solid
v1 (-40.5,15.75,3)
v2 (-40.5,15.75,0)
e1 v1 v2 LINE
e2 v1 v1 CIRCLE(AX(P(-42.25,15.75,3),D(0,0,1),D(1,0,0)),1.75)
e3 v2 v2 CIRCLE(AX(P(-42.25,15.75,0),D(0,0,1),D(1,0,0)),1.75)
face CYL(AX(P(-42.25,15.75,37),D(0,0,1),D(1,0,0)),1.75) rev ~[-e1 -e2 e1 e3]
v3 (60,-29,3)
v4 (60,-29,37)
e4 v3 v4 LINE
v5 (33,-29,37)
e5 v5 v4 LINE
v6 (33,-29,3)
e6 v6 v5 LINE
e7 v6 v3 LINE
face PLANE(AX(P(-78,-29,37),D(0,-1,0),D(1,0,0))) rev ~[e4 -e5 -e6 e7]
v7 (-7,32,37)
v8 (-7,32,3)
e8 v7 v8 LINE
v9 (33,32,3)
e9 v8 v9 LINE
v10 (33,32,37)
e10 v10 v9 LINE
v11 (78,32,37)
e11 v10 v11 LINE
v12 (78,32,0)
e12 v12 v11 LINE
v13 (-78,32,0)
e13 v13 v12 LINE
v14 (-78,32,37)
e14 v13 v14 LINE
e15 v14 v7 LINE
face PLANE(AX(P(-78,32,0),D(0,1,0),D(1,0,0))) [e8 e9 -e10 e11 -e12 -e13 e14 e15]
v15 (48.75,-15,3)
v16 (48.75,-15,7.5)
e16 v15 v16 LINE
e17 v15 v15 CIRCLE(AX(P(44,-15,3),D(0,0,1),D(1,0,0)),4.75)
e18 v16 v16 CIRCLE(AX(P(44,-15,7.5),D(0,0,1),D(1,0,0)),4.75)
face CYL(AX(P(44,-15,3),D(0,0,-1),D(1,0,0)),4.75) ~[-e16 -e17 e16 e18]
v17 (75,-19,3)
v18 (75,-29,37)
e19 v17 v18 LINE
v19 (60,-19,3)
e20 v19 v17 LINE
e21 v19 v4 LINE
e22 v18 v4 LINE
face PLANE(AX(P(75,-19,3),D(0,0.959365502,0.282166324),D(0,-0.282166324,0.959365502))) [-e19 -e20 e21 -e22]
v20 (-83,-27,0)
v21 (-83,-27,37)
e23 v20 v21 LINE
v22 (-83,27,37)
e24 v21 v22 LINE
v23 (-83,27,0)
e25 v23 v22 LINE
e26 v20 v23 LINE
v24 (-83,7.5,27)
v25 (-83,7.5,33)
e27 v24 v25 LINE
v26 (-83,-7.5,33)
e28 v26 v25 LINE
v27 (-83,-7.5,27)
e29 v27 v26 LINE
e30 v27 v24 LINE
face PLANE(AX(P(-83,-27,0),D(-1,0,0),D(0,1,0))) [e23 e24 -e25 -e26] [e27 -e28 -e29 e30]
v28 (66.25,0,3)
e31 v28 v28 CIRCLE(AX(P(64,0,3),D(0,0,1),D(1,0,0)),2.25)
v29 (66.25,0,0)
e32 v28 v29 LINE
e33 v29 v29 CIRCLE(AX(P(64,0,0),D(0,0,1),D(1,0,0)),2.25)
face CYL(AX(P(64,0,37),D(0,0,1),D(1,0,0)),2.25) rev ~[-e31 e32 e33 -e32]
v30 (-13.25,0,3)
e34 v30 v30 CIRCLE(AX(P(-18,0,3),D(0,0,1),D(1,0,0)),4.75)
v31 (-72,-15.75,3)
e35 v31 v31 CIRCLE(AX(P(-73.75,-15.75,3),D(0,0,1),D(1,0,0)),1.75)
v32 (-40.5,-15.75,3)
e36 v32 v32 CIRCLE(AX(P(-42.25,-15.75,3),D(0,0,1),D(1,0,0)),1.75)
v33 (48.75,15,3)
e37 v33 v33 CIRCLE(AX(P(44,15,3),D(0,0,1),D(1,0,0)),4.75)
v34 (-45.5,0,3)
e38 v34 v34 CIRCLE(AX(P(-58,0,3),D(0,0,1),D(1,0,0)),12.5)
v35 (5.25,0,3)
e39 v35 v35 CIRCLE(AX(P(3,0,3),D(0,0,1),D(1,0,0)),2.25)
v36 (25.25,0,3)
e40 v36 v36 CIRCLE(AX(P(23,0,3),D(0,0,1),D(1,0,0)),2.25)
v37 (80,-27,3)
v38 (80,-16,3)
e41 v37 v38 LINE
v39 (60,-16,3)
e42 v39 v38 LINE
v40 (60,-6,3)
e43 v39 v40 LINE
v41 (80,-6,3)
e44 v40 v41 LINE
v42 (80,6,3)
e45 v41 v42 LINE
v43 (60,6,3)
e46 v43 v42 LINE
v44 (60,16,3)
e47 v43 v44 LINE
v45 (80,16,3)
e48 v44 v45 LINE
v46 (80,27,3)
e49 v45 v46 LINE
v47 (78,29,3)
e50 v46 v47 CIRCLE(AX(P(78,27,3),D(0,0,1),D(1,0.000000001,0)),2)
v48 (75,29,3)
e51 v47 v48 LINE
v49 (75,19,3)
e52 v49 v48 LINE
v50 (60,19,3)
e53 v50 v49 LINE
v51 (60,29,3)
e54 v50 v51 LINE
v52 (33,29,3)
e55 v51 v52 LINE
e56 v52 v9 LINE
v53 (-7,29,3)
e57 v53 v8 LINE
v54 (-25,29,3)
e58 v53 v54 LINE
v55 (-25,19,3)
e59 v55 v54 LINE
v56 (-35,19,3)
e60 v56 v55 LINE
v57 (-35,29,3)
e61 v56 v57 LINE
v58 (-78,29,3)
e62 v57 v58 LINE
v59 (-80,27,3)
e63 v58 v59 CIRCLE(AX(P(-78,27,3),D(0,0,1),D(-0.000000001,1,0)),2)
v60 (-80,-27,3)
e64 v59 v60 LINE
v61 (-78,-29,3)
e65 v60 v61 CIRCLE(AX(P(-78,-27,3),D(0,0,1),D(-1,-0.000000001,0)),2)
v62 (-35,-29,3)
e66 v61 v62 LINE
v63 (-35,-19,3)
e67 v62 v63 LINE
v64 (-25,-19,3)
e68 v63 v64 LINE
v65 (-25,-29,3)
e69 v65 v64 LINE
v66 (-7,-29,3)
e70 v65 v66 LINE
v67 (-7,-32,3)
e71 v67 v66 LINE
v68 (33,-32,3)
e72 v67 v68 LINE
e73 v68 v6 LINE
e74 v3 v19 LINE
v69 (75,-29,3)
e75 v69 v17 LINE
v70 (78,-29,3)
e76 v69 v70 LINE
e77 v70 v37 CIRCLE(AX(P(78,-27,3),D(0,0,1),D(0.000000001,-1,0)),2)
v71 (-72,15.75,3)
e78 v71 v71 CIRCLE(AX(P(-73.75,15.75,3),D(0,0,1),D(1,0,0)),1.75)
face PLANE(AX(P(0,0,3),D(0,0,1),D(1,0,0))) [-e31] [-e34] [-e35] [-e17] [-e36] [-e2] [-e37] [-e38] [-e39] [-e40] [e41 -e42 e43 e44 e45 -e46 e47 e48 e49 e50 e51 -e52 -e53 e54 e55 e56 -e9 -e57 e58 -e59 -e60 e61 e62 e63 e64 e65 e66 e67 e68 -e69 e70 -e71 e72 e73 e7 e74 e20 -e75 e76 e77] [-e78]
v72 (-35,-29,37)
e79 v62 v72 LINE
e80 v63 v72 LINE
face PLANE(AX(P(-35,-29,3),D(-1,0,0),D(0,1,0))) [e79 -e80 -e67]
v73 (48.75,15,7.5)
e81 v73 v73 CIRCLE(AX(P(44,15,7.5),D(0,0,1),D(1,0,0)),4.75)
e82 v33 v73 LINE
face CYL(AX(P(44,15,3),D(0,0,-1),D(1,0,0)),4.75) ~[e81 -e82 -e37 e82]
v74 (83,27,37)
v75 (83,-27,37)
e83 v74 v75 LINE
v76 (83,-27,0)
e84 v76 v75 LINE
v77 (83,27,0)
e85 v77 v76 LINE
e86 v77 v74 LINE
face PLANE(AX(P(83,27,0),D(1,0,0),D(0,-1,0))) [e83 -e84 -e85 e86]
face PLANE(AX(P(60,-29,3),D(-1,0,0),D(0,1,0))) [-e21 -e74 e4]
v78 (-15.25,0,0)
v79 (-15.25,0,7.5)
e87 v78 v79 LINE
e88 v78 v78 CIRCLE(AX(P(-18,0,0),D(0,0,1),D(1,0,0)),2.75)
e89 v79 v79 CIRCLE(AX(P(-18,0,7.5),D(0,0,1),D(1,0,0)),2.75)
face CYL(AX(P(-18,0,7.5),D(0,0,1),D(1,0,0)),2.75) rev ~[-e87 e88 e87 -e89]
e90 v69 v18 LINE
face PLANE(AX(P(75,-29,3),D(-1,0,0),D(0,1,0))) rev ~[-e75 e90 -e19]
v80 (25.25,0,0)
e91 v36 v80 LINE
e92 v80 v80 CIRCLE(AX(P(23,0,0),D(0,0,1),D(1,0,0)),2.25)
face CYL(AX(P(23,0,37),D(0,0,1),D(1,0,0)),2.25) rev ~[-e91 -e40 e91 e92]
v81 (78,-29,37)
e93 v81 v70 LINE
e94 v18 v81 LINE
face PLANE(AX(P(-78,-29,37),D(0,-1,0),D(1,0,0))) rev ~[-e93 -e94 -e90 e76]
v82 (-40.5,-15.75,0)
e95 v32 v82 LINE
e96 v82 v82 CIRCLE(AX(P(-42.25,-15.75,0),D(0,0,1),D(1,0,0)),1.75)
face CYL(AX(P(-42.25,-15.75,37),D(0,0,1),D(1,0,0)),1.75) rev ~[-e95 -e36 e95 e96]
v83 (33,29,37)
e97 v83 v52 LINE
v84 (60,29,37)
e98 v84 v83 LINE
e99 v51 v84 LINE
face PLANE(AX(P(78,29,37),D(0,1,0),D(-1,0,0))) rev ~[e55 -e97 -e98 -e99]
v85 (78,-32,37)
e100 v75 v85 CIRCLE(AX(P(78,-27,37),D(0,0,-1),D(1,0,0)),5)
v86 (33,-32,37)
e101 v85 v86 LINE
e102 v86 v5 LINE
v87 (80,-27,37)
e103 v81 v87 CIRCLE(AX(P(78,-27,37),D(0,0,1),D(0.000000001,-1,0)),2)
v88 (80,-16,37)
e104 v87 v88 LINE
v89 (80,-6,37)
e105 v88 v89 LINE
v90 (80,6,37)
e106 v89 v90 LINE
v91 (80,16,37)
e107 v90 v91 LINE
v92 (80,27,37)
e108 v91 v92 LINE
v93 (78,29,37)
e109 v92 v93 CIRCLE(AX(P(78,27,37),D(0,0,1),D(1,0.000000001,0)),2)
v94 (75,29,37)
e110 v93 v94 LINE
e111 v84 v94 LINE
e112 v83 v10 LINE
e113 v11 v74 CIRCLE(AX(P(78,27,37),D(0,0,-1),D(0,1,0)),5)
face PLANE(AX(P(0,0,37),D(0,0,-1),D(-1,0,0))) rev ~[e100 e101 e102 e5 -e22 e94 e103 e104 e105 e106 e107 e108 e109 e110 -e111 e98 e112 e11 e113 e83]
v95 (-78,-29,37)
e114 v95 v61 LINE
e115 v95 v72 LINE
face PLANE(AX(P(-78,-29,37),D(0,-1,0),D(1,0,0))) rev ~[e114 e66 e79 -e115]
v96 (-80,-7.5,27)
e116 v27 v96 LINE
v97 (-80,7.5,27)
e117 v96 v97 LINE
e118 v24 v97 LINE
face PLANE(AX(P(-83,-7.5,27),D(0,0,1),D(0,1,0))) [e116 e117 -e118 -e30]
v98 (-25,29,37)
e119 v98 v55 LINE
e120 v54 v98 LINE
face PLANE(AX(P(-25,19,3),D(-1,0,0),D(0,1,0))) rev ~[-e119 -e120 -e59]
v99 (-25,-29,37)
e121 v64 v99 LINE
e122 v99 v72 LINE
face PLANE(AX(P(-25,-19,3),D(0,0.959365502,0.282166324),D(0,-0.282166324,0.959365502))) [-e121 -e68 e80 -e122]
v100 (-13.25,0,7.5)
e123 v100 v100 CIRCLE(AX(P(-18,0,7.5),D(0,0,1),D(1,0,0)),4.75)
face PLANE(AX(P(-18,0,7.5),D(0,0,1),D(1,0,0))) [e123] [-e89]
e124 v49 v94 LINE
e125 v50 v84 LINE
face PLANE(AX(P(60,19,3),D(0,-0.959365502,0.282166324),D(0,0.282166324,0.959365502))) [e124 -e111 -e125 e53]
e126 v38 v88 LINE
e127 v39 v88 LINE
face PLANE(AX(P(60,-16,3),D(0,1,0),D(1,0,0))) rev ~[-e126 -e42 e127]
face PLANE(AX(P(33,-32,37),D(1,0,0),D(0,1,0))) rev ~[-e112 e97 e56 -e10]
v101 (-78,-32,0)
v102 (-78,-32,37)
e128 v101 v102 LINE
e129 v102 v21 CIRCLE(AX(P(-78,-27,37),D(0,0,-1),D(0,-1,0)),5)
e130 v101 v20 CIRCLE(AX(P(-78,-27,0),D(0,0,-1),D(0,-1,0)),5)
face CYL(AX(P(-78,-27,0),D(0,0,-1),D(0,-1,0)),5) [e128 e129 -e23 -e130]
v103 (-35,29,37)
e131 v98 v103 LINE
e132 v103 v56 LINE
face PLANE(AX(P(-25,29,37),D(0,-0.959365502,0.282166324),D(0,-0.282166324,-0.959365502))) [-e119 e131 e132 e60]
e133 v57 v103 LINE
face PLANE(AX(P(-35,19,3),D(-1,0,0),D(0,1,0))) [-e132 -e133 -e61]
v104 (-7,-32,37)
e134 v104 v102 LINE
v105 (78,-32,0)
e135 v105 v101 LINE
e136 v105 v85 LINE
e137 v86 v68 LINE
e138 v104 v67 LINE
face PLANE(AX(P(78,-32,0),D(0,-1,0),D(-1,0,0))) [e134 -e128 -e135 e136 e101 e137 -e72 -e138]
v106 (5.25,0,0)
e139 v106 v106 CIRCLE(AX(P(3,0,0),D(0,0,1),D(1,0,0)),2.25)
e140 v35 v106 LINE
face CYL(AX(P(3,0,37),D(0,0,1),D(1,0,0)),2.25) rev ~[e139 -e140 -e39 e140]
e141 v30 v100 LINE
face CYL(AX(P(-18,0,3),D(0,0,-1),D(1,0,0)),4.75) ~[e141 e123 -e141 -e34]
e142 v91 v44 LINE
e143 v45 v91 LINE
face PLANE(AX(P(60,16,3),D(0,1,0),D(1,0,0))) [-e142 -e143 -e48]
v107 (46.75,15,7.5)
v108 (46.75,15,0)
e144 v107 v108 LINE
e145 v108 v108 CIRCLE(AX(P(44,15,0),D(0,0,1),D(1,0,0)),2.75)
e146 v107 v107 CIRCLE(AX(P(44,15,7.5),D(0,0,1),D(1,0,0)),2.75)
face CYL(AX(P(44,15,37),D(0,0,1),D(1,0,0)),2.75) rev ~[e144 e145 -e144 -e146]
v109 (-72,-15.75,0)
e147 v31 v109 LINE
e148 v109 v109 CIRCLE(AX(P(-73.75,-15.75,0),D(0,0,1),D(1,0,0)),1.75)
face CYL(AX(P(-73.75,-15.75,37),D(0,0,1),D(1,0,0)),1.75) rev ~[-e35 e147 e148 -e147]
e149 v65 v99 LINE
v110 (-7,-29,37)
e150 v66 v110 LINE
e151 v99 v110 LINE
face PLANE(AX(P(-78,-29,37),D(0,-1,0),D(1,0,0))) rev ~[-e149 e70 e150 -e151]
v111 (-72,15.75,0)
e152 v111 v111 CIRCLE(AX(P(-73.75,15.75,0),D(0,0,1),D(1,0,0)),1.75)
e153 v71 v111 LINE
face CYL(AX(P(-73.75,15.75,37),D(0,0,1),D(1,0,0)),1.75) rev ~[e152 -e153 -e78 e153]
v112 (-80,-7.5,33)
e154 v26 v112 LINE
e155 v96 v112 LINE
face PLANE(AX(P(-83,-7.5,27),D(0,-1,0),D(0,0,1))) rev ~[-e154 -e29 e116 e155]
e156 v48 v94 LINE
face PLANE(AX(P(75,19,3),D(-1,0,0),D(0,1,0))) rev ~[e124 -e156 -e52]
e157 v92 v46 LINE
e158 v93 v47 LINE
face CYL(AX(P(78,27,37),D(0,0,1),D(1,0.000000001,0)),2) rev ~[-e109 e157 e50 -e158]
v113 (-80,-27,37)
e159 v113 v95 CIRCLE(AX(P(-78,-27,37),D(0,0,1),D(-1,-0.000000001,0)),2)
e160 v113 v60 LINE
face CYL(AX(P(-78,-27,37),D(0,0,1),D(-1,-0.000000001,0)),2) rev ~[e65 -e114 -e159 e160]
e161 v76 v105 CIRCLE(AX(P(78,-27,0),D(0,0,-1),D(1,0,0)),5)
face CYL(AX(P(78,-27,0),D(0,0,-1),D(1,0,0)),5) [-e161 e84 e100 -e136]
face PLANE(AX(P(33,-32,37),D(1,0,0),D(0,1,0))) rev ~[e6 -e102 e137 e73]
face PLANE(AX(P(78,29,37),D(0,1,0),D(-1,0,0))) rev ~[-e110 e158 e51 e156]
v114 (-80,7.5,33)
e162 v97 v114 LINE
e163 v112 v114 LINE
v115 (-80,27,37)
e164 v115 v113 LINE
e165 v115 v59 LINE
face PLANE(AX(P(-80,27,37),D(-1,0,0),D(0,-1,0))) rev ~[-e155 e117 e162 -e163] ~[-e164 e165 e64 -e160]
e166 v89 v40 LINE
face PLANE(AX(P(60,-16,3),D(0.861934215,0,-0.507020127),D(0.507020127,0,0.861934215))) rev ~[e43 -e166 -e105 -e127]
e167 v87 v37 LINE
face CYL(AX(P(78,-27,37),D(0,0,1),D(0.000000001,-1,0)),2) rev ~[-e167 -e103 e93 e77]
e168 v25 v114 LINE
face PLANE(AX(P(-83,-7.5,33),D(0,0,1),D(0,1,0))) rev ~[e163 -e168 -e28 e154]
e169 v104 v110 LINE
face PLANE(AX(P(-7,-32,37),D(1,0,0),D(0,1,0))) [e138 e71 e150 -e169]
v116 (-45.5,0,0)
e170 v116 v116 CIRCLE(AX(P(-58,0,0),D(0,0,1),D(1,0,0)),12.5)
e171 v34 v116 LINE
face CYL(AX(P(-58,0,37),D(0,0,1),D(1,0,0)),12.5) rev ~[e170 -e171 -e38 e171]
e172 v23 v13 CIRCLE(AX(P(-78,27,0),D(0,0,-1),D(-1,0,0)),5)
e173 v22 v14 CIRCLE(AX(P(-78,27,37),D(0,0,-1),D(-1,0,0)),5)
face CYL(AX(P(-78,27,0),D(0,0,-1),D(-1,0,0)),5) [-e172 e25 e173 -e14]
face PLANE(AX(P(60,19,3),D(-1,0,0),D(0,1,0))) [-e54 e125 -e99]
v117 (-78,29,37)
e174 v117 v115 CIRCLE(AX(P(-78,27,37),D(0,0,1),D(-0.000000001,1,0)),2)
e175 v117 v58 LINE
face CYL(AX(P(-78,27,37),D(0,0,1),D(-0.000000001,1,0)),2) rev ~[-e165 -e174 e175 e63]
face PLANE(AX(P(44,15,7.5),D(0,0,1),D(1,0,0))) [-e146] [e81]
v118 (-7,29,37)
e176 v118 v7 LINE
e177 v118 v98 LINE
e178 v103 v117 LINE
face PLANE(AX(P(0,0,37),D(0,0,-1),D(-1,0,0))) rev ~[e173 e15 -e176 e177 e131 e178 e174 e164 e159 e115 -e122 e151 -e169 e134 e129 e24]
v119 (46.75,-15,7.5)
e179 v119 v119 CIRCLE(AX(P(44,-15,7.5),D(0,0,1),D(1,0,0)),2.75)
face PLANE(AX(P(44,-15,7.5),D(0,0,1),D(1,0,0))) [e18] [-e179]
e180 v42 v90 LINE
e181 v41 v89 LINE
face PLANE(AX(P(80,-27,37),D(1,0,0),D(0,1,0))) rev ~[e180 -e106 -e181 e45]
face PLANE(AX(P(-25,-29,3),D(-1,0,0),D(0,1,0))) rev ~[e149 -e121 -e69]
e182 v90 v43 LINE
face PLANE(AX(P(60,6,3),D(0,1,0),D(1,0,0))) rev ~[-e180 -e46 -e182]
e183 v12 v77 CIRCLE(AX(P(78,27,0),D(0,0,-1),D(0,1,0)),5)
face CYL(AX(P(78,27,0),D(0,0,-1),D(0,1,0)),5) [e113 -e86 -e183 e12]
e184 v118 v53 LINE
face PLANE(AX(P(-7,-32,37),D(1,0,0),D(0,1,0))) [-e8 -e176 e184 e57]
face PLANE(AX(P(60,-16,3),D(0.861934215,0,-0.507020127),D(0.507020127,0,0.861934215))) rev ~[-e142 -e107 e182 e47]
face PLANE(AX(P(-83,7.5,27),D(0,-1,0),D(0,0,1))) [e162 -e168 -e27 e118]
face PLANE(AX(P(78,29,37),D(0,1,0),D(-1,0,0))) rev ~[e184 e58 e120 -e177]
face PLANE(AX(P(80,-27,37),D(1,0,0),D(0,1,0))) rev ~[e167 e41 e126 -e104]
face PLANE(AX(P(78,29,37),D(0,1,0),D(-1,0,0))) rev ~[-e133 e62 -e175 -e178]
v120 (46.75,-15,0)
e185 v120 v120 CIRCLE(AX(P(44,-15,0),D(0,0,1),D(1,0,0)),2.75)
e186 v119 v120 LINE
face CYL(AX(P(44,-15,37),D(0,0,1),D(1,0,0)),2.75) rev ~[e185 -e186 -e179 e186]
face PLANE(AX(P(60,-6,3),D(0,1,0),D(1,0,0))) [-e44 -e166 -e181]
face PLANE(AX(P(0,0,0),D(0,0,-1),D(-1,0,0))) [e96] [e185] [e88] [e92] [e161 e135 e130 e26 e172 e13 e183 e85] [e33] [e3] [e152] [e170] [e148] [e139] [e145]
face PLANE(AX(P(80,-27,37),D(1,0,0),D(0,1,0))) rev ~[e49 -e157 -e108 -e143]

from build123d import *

# Parameters (mm, degrees)
BOSS_EXTRUDE1_DEPTH = 37
SKETCH2_R           = 1.75
SKETCH2_R_2         = 12.5
SKETCH2_R_3         = 2.75
SKETCH2_R_4         = 2.25
CUT_EXTRUDE1_DEPTH  = 38
SKETCH5_R           = 2.25
CUT_EXTRUDE2_DEPTH  = 38
CUT_EXTRUDE3_DEPTH  = 34
SKETCH7_R           = 4.75
BOSS_EXTRUDE2_DEPTH = 4.5
SKETCH10_W          = 40
SKETCH10_H          = 64
CUT_EXTRUDE4_DEPTH  = 34
SKETCH11_R          = 2.75
CUT_EXTRUDE5_DEPTH  = 8.5
SKETCH12_W          = 15
SKETCH12_H          = 10
SKETCH12_W_2        = 20
SKETCH12_W_3        = 10
BOSS_EXTRUDE3_DEPTH = 34
CUT_EXTRUDE6_DEPTH  = 33
CUT_EXTRUDE8_DEPTH  = 15
CUT_EXTRUDE9_DEPTH  = 15
CUT_EXTRUDE10_DEPTH = 10
CUT_EXTRUDE11_DEPTH = 10
SKETCH20_W          = 6
SKETCH20_H          = 15
CUT_EXTRUDE12_DEPTH = 3


with BuildPart() as part:
    # Sketch1 → Boss-Extrude1 (new body)
    with BuildSketch(Plane.XY):
        with BuildLine():
            Line((-78, 32), (78, 32))
            ThreePointArc((78, 32), (81.535533906, 30.535533906), (83, 27))
            Line((83, 27), (83, -27))
            ThreePointArc((83, -27), (81.535533906, -30.535533906), (78, -32))
            Line((78, -32), (-78, -32))
            ThreePointArc((-78, -32), (-81.535533906, -30.535533906), (-83, -27))
            Line((-83, -27), (-83, 27))
            ThreePointArc((-83, 27), (-81.535533906, 30.535533906), (-78, 32))
        make_face()
    extrude(amount=BOSS_EXTRUDE1_DEPTH)

    # Sketch2 → Cut-Extrude1 (cut, through all)
    with BuildSketch(Plane.XY.offset(37)):
        with Locations((-73.75, 15.75)):
            Circle(SKETCH2_R)
        with Locations((-42.25, 15.75)):
            Circle(SKETCH2_R)
        with Locations((-73.75, -15.75)):
            Circle(SKETCH2_R)
        with Locations((-42.25, -15.75)):
            Circle(SKETCH2_R)
        with Locations((-58, 0)):
            Circle(SKETCH2_R_2)
        with Locations((44, 15)):
            Circle(SKETCH2_R_3)
        with Locations((44, -15)):
            Circle(SKETCH2_R_3)
        with Locations((-18, 0)):
            Circle(SKETCH2_R_3)
        with Locations((64, 0)):
            Circle(SKETCH2_R_4)
    extrude(amount=-CUT_EXTRUDE1_DEPTH, mode=Mode.SUBTRACT)

    # Sketch5 → Cut-Extrude2 (cut, through all)
    with BuildSketch(Plane.XY.offset(37)):
        with Locations((3, 0)):
            Circle(SKETCH5_R)
        with Locations((23, 0)):
            Circle(SKETCH5_R)
    extrude(amount=-CUT_EXTRUDE2_DEPTH, mode=Mode.SUBTRACT)

    # Sketch6 → Cut-Extrude3 (cut)
    with BuildSketch(Plane.XY.offset(37)):
        with BuildLine():
            Line((-78, -29), (78, -29))
            ThreePointArc((78, -29), (79.414213562, -28.414213562), (80, -27))
            Line((80, -27), (80, 27))
            ThreePointArc((80, 27), (79.414213562, 28.414213562), (78, 29))
            Line((78, 29), (-78, 29))
            ThreePointArc((-78, 29), (-79.414213562, 28.414213562), (-80, 27))
            Line((-80, 27), (-80, -27))
            ThreePointArc((-80, -27), (-79.414213562, -28.414213562), (-78, -29))
        make_face()
    extrude(amount=-CUT_EXTRUDE3_DEPTH, mode=Mode.SUBTRACT)

    # Sketch7 → Boss-Extrude2 (add)
    with BuildSketch(Plane.XY.offset(3)):
        with Locations((-18, 0)):
            Circle(SKETCH7_R)
        with Locations((44, -15)):
            Circle(SKETCH7_R)
        with Locations((44, 15)):
            Circle(SKETCH7_R)
    extrude(amount=BOSS_EXTRUDE2_DEPTH)

    # Sketch10 → Cut-Extrude4 (cut)
    with BuildSketch(Plane.XY.offset(37)):
        with Locations((13, 0)):
            Rectangle(SKETCH10_W, SKETCH10_H)
    extrude(amount=-CUT_EXTRUDE4_DEPTH, mode=Mode.SUBTRACT)

    # Sketch11 → Cut-Extrude5 (cut, through all)
    with BuildSketch(Plane.XY.offset(7.5)):
        with Locations((44, -15)):
            Circle(SKETCH11_R)
        with Locations((-18, 0)):
            Circle(SKETCH11_R)
        with Locations((44, 15)):
            Circle(SKETCH11_R)
    extrude(amount=-CUT_EXTRUDE5_DEPTH, mode=Mode.SUBTRACT)

    # Sketch12 → Boss-Extrude3 (add, through all)
    with BuildSketch(Plane.XY.offset(3)):
        with Locations((67.5, -24)):
            Rectangle(SKETCH12_W, SKETCH12_H)
        with Locations((67.5, 24)):
            Rectangle(SKETCH12_W, SKETCH12_H)
        with Locations((70, -11)):
            Rectangle(SKETCH12_W_2, SKETCH12_H)
        with Locations((70, 11)):
            Rectangle(SKETCH12_W_2, SKETCH12_H)
        with Locations((-30, -24)):
            Rectangle(SKETCH12_W_3, SKETCH12_H)
        with Locations((-30, 24)):
            Rectangle(SKETCH12_W_3, SKETCH12_H)
    extrude(amount=BOSS_EXTRUDE3_DEPTH)

    # Sketch14 → Cut-Extrude6 (cut)
    with BuildSketch(Plane.XZ.offset(16)):
        Polygon((80, 37), (60, 37), (60, 3), align=None)
    extrude(amount=-CUT_EXTRUDE6_DEPTH, mode=Mode.SUBTRACT)

    # Sketch16 → Cut-Extrude8 (cut)
    with BuildSketch(Plane(origin=(75, 0, 0), x_dir=(0, 0, -1), z_dir=(1, 0, 0))):
        Polygon((-37, -19), (-3, -19), (-37, -29), align=None)
    extrude(amount=-CUT_EXTRUDE8_DEPTH, mode=Mode.SUBTRACT)

    # Sketch17 → Cut-Extrude9 (cut)
    with BuildSketch(Plane.ZY.offset(-60)):
        Polygon((37, 19), (3, 19), (37, 29), align=None)
    extrude(amount=-CUT_EXTRUDE9_DEPTH, mode=Mode.SUBTRACT)

    # Sketch18 → Cut-Extrude10 (cut)
    with BuildSketch(Plane(origin=(-25, 0, 0), x_dir=(0, 0, -1), z_dir=(1, 0, 0))):
        Polygon((-37, -29), (-37, -19), (-3, -19), align=None)
    extrude(amount=-CUT_EXTRUDE10_DEPTH, mode=Mode.SUBTRACT)

    # Sketch19 → Cut-Extrude11 (cut)
    with BuildSketch(Plane(origin=(-25, 0, 0), x_dir=(0, 0, -1), z_dir=(1, 0, 0))):
        Polygon((-37, 29), (-3, 19), (-37, 19), align=None)
    extrude(amount=-CUT_EXTRUDE11_DEPTH, mode=Mode.SUBTRACT)

    # Sketch20 → Cut-Extrude12 (cut)
    with BuildSketch(Plane.ZY.offset(83)):
        with Locations((30, 0)):
            Rectangle(SKETCH20_W, SKETCH20_H)
    extrude(amount=-CUT_EXTRUDE12_DEPTH, mode=Mode.SUBTRACT)


solid = part.part
